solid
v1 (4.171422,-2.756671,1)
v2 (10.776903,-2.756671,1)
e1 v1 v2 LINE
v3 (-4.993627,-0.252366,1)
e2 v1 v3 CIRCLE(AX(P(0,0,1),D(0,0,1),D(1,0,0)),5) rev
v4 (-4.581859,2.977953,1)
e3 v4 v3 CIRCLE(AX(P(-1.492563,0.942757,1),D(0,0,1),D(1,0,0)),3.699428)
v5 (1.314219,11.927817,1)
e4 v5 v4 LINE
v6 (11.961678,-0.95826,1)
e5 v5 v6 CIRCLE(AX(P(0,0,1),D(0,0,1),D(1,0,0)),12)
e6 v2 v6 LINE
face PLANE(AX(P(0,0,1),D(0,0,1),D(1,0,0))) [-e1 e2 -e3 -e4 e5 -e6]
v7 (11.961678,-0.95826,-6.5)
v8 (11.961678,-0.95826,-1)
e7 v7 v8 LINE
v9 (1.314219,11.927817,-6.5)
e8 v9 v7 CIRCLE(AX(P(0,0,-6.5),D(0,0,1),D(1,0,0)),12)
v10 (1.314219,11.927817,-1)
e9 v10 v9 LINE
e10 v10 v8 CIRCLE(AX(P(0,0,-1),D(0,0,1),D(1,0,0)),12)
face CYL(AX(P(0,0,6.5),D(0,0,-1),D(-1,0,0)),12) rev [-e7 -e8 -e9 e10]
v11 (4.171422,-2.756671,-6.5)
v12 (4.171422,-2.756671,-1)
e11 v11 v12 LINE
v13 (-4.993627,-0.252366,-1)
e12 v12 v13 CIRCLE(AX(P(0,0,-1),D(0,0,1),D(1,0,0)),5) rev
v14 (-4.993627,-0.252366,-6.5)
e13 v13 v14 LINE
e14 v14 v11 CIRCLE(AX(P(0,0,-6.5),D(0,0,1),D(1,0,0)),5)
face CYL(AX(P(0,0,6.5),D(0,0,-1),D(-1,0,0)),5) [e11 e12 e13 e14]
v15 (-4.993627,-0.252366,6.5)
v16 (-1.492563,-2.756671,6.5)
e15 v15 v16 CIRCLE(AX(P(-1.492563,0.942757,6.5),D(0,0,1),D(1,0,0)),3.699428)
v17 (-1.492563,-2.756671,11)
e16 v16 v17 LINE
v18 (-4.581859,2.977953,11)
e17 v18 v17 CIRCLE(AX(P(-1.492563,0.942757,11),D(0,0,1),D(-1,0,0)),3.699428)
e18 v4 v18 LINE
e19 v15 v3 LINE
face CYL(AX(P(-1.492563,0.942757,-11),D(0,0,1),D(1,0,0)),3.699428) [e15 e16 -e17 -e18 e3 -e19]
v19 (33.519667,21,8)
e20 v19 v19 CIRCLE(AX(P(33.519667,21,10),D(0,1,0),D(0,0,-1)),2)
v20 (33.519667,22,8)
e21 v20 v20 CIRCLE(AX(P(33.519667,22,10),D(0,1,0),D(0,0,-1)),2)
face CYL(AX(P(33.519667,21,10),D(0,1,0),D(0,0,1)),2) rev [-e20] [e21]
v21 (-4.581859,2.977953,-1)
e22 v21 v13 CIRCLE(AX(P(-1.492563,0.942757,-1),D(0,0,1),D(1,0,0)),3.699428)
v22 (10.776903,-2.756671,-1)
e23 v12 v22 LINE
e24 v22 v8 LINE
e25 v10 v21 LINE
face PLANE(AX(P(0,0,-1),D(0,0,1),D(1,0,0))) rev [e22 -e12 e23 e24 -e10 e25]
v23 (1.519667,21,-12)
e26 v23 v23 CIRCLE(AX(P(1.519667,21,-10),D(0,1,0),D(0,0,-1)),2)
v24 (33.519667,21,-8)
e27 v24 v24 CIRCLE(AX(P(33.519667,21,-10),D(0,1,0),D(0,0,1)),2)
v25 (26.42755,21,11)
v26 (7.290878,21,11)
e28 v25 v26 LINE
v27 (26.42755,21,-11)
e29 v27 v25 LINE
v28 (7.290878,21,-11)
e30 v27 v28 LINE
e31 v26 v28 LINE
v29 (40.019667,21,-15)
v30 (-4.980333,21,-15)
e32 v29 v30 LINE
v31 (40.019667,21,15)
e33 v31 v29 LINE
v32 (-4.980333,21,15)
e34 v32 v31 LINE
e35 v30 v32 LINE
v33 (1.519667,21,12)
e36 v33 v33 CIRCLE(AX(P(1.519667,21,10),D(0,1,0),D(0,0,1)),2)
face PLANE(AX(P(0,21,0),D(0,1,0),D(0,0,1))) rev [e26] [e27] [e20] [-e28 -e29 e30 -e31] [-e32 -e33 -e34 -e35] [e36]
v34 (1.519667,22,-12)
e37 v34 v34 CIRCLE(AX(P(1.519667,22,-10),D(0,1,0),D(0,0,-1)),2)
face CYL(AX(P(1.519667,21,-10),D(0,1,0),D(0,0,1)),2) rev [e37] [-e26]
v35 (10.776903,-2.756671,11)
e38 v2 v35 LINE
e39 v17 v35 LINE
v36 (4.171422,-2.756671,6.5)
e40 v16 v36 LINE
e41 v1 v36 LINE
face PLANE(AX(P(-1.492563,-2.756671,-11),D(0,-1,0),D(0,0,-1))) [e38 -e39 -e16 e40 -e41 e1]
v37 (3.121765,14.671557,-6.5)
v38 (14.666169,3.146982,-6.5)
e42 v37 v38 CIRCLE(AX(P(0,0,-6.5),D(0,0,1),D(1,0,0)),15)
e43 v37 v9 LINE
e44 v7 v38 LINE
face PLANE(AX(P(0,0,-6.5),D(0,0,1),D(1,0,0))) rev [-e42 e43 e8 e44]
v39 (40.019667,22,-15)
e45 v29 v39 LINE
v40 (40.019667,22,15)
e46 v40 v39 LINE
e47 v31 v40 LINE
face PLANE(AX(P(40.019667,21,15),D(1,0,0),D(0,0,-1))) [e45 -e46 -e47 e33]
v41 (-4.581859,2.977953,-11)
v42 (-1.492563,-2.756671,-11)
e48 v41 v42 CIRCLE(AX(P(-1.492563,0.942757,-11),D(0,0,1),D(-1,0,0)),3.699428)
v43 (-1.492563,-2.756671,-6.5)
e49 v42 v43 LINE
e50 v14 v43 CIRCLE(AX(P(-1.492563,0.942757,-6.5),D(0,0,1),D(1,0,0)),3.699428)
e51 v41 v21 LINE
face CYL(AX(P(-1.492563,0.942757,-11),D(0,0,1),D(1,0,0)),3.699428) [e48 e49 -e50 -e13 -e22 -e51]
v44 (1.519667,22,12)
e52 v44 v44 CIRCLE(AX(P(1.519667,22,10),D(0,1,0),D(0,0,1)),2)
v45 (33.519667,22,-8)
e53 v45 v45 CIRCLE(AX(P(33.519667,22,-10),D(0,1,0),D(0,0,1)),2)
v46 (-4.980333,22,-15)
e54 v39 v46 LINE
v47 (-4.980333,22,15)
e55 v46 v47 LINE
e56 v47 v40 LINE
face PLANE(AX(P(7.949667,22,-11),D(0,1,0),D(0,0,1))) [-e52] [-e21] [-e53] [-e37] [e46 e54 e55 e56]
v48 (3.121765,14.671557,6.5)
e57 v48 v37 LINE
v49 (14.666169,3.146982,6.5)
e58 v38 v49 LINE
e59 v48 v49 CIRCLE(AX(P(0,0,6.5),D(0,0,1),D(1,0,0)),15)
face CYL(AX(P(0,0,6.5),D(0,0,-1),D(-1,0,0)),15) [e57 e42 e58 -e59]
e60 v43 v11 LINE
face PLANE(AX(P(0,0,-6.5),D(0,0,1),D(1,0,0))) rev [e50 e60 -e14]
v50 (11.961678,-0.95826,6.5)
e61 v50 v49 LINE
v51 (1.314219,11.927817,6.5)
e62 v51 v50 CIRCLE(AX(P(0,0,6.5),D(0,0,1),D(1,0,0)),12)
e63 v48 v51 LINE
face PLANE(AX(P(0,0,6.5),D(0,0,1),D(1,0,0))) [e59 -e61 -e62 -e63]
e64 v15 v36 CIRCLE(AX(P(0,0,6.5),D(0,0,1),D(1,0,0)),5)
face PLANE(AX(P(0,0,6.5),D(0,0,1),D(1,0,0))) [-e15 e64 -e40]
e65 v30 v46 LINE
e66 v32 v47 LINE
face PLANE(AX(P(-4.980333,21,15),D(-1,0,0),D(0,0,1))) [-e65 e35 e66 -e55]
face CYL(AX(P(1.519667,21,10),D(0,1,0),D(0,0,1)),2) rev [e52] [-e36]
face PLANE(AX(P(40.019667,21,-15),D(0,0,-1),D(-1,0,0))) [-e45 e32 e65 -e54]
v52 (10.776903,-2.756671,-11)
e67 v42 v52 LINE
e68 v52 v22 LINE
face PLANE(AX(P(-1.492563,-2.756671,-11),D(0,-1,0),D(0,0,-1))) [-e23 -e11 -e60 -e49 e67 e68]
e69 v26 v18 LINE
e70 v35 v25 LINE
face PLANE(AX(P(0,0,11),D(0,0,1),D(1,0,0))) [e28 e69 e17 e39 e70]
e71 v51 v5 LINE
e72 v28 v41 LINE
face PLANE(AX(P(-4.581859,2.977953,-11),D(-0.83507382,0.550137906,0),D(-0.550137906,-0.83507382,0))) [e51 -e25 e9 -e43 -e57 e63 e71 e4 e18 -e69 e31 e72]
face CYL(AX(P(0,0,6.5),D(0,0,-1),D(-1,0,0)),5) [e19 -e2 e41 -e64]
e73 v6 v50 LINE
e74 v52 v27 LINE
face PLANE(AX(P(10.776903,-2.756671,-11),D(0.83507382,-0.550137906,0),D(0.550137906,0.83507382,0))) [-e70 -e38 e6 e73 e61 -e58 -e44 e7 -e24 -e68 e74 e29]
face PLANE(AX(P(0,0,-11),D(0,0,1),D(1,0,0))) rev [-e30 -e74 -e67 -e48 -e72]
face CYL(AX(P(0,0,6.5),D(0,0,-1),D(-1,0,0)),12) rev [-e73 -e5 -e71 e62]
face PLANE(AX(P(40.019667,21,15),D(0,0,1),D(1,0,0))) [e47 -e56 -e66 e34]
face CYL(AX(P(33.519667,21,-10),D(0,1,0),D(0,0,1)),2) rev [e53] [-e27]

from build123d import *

# Parameters (mm, degrees)
CROQUIS1_R              = 15
CROQUIS1_R_2            = 12
EXTRUIR_L_MINA1_DEPTH   = 6.5
CROQUIS2_R              = 5
SALIENTE_EXTRUIR1_DEPTH = 6.5
CROQUIS3_R              = 12.5
SALIENTE_EXTRUIR2_DEPTH = 1
CROQUIS4_R              = 2
SALIENTE_EXTRUIR3_DEPTH = 11
SALIENTE_EXTRUIR4_DEPTH = 22
CROQUIS7_W              = 45
CROQUIS7_H              = 30
CROQUIS7_R              = 2
SALIENTE_EXTRUIR5_DEPTH = 1


with BuildPart() as part:
    # Croquis1 → Extruir-Lámina1 (new, symmetric)
    with BuildSketch(Plane.XY):
        Circle(CROQUIS1_R)
        Circle(CROQUIS1_R_2, mode=Mode.SUBTRACT)
    extrude(amount=EXTRUIR_L_MINA1_DEPTH, both=True)



with BuildPart() as body_2:
    # Croquis2 → Saliente-Extruir1 (new, symmetric)
    with BuildSketch(Plane.XY):
        with Locations(Location((0, 0, 0), (0, 0, 180))):
            Circle(CROQUIS2_R)
    extrude(amount=SALIENTE_EXTRUIR1_DEPTH, both=True)


with BuildPart() as part_1:
    add(part.part)

    add(body_2.part)  # Saliente-Extruir2 merges body 2
    # Croquis3 → Saliente-Extruir2 (add, symmetric)
    with BuildSketch(Plane.XY):
        Circle(CROQUIS3_R)
    extrude(amount=SALIENTE_EXTRUIR2_DEPTH, both=True)

    # Croquis4 → Saliente-Extruir3 (add, symmetric)
    with BuildSketch(Plane.XY):
        Circle(CROQUIS4_R)
    extrude(amount=SALIENTE_EXTRUIR3_DEPTH, both=True)

    # Croquis6 → Saliente-Extruir4 (add, through all)
    with BuildSketch(Plane.XY.offset(11)):
        with BuildLine():
            Line((-4.581858608, 2.977952867), (7.949667258, 22))
            Line((7.949667258, 22), (27.086339579, 22))
            Line((27.086339579, 22), (10.776903307, -2.756671198))
            Line((10.776903307, -2.756671198), (-1.492562871, -2.756671198))
            ThreePointArc((-1.492562871, -2.756671198), (-4.749465591, -0.811766904), (-4.581858608, 2.977952867))
        make_face()
    extrude(amount=-SALIENTE_EXTRUIR4_DEPTH)

    # Croquis7 → Saliente-Extruir5 (add)
    with BuildSketch(Plane(origin=(0, 22, 0), x_dir=(1, 0, 0), z_dir=(0, 1, 0))):
        with Locations((17.519667258, 0)):
            Rectangle(CROQUIS7_W, CROQUIS7_H)
        with Locations(Location((33.519667258, 10, 0), (0, 0, 270))):
            Circle(CROQUIS7_R, mode=Mode.SUBTRACT)
        with Locations(Location((1.519667258, 10, 0), (0, 0, 90))):
            Circle(CROQUIS7_R, mode=Mode.SUBTRACT)
        with Locations(Location((33.519667258, -10, 0), (0, 0, 90))):
            Circle(CROQUIS7_R, mode=Mode.SUBTRACT)
        with Locations(Location((1.519667258, -10, 0), (0, 0, 270))):
            Circle(CROQUIS7_R, mode=Mode.SUBTRACT)
    extrude(amount=-SALIENTE_EXTRUIR5_DEPTH)


solid = part_1.part
